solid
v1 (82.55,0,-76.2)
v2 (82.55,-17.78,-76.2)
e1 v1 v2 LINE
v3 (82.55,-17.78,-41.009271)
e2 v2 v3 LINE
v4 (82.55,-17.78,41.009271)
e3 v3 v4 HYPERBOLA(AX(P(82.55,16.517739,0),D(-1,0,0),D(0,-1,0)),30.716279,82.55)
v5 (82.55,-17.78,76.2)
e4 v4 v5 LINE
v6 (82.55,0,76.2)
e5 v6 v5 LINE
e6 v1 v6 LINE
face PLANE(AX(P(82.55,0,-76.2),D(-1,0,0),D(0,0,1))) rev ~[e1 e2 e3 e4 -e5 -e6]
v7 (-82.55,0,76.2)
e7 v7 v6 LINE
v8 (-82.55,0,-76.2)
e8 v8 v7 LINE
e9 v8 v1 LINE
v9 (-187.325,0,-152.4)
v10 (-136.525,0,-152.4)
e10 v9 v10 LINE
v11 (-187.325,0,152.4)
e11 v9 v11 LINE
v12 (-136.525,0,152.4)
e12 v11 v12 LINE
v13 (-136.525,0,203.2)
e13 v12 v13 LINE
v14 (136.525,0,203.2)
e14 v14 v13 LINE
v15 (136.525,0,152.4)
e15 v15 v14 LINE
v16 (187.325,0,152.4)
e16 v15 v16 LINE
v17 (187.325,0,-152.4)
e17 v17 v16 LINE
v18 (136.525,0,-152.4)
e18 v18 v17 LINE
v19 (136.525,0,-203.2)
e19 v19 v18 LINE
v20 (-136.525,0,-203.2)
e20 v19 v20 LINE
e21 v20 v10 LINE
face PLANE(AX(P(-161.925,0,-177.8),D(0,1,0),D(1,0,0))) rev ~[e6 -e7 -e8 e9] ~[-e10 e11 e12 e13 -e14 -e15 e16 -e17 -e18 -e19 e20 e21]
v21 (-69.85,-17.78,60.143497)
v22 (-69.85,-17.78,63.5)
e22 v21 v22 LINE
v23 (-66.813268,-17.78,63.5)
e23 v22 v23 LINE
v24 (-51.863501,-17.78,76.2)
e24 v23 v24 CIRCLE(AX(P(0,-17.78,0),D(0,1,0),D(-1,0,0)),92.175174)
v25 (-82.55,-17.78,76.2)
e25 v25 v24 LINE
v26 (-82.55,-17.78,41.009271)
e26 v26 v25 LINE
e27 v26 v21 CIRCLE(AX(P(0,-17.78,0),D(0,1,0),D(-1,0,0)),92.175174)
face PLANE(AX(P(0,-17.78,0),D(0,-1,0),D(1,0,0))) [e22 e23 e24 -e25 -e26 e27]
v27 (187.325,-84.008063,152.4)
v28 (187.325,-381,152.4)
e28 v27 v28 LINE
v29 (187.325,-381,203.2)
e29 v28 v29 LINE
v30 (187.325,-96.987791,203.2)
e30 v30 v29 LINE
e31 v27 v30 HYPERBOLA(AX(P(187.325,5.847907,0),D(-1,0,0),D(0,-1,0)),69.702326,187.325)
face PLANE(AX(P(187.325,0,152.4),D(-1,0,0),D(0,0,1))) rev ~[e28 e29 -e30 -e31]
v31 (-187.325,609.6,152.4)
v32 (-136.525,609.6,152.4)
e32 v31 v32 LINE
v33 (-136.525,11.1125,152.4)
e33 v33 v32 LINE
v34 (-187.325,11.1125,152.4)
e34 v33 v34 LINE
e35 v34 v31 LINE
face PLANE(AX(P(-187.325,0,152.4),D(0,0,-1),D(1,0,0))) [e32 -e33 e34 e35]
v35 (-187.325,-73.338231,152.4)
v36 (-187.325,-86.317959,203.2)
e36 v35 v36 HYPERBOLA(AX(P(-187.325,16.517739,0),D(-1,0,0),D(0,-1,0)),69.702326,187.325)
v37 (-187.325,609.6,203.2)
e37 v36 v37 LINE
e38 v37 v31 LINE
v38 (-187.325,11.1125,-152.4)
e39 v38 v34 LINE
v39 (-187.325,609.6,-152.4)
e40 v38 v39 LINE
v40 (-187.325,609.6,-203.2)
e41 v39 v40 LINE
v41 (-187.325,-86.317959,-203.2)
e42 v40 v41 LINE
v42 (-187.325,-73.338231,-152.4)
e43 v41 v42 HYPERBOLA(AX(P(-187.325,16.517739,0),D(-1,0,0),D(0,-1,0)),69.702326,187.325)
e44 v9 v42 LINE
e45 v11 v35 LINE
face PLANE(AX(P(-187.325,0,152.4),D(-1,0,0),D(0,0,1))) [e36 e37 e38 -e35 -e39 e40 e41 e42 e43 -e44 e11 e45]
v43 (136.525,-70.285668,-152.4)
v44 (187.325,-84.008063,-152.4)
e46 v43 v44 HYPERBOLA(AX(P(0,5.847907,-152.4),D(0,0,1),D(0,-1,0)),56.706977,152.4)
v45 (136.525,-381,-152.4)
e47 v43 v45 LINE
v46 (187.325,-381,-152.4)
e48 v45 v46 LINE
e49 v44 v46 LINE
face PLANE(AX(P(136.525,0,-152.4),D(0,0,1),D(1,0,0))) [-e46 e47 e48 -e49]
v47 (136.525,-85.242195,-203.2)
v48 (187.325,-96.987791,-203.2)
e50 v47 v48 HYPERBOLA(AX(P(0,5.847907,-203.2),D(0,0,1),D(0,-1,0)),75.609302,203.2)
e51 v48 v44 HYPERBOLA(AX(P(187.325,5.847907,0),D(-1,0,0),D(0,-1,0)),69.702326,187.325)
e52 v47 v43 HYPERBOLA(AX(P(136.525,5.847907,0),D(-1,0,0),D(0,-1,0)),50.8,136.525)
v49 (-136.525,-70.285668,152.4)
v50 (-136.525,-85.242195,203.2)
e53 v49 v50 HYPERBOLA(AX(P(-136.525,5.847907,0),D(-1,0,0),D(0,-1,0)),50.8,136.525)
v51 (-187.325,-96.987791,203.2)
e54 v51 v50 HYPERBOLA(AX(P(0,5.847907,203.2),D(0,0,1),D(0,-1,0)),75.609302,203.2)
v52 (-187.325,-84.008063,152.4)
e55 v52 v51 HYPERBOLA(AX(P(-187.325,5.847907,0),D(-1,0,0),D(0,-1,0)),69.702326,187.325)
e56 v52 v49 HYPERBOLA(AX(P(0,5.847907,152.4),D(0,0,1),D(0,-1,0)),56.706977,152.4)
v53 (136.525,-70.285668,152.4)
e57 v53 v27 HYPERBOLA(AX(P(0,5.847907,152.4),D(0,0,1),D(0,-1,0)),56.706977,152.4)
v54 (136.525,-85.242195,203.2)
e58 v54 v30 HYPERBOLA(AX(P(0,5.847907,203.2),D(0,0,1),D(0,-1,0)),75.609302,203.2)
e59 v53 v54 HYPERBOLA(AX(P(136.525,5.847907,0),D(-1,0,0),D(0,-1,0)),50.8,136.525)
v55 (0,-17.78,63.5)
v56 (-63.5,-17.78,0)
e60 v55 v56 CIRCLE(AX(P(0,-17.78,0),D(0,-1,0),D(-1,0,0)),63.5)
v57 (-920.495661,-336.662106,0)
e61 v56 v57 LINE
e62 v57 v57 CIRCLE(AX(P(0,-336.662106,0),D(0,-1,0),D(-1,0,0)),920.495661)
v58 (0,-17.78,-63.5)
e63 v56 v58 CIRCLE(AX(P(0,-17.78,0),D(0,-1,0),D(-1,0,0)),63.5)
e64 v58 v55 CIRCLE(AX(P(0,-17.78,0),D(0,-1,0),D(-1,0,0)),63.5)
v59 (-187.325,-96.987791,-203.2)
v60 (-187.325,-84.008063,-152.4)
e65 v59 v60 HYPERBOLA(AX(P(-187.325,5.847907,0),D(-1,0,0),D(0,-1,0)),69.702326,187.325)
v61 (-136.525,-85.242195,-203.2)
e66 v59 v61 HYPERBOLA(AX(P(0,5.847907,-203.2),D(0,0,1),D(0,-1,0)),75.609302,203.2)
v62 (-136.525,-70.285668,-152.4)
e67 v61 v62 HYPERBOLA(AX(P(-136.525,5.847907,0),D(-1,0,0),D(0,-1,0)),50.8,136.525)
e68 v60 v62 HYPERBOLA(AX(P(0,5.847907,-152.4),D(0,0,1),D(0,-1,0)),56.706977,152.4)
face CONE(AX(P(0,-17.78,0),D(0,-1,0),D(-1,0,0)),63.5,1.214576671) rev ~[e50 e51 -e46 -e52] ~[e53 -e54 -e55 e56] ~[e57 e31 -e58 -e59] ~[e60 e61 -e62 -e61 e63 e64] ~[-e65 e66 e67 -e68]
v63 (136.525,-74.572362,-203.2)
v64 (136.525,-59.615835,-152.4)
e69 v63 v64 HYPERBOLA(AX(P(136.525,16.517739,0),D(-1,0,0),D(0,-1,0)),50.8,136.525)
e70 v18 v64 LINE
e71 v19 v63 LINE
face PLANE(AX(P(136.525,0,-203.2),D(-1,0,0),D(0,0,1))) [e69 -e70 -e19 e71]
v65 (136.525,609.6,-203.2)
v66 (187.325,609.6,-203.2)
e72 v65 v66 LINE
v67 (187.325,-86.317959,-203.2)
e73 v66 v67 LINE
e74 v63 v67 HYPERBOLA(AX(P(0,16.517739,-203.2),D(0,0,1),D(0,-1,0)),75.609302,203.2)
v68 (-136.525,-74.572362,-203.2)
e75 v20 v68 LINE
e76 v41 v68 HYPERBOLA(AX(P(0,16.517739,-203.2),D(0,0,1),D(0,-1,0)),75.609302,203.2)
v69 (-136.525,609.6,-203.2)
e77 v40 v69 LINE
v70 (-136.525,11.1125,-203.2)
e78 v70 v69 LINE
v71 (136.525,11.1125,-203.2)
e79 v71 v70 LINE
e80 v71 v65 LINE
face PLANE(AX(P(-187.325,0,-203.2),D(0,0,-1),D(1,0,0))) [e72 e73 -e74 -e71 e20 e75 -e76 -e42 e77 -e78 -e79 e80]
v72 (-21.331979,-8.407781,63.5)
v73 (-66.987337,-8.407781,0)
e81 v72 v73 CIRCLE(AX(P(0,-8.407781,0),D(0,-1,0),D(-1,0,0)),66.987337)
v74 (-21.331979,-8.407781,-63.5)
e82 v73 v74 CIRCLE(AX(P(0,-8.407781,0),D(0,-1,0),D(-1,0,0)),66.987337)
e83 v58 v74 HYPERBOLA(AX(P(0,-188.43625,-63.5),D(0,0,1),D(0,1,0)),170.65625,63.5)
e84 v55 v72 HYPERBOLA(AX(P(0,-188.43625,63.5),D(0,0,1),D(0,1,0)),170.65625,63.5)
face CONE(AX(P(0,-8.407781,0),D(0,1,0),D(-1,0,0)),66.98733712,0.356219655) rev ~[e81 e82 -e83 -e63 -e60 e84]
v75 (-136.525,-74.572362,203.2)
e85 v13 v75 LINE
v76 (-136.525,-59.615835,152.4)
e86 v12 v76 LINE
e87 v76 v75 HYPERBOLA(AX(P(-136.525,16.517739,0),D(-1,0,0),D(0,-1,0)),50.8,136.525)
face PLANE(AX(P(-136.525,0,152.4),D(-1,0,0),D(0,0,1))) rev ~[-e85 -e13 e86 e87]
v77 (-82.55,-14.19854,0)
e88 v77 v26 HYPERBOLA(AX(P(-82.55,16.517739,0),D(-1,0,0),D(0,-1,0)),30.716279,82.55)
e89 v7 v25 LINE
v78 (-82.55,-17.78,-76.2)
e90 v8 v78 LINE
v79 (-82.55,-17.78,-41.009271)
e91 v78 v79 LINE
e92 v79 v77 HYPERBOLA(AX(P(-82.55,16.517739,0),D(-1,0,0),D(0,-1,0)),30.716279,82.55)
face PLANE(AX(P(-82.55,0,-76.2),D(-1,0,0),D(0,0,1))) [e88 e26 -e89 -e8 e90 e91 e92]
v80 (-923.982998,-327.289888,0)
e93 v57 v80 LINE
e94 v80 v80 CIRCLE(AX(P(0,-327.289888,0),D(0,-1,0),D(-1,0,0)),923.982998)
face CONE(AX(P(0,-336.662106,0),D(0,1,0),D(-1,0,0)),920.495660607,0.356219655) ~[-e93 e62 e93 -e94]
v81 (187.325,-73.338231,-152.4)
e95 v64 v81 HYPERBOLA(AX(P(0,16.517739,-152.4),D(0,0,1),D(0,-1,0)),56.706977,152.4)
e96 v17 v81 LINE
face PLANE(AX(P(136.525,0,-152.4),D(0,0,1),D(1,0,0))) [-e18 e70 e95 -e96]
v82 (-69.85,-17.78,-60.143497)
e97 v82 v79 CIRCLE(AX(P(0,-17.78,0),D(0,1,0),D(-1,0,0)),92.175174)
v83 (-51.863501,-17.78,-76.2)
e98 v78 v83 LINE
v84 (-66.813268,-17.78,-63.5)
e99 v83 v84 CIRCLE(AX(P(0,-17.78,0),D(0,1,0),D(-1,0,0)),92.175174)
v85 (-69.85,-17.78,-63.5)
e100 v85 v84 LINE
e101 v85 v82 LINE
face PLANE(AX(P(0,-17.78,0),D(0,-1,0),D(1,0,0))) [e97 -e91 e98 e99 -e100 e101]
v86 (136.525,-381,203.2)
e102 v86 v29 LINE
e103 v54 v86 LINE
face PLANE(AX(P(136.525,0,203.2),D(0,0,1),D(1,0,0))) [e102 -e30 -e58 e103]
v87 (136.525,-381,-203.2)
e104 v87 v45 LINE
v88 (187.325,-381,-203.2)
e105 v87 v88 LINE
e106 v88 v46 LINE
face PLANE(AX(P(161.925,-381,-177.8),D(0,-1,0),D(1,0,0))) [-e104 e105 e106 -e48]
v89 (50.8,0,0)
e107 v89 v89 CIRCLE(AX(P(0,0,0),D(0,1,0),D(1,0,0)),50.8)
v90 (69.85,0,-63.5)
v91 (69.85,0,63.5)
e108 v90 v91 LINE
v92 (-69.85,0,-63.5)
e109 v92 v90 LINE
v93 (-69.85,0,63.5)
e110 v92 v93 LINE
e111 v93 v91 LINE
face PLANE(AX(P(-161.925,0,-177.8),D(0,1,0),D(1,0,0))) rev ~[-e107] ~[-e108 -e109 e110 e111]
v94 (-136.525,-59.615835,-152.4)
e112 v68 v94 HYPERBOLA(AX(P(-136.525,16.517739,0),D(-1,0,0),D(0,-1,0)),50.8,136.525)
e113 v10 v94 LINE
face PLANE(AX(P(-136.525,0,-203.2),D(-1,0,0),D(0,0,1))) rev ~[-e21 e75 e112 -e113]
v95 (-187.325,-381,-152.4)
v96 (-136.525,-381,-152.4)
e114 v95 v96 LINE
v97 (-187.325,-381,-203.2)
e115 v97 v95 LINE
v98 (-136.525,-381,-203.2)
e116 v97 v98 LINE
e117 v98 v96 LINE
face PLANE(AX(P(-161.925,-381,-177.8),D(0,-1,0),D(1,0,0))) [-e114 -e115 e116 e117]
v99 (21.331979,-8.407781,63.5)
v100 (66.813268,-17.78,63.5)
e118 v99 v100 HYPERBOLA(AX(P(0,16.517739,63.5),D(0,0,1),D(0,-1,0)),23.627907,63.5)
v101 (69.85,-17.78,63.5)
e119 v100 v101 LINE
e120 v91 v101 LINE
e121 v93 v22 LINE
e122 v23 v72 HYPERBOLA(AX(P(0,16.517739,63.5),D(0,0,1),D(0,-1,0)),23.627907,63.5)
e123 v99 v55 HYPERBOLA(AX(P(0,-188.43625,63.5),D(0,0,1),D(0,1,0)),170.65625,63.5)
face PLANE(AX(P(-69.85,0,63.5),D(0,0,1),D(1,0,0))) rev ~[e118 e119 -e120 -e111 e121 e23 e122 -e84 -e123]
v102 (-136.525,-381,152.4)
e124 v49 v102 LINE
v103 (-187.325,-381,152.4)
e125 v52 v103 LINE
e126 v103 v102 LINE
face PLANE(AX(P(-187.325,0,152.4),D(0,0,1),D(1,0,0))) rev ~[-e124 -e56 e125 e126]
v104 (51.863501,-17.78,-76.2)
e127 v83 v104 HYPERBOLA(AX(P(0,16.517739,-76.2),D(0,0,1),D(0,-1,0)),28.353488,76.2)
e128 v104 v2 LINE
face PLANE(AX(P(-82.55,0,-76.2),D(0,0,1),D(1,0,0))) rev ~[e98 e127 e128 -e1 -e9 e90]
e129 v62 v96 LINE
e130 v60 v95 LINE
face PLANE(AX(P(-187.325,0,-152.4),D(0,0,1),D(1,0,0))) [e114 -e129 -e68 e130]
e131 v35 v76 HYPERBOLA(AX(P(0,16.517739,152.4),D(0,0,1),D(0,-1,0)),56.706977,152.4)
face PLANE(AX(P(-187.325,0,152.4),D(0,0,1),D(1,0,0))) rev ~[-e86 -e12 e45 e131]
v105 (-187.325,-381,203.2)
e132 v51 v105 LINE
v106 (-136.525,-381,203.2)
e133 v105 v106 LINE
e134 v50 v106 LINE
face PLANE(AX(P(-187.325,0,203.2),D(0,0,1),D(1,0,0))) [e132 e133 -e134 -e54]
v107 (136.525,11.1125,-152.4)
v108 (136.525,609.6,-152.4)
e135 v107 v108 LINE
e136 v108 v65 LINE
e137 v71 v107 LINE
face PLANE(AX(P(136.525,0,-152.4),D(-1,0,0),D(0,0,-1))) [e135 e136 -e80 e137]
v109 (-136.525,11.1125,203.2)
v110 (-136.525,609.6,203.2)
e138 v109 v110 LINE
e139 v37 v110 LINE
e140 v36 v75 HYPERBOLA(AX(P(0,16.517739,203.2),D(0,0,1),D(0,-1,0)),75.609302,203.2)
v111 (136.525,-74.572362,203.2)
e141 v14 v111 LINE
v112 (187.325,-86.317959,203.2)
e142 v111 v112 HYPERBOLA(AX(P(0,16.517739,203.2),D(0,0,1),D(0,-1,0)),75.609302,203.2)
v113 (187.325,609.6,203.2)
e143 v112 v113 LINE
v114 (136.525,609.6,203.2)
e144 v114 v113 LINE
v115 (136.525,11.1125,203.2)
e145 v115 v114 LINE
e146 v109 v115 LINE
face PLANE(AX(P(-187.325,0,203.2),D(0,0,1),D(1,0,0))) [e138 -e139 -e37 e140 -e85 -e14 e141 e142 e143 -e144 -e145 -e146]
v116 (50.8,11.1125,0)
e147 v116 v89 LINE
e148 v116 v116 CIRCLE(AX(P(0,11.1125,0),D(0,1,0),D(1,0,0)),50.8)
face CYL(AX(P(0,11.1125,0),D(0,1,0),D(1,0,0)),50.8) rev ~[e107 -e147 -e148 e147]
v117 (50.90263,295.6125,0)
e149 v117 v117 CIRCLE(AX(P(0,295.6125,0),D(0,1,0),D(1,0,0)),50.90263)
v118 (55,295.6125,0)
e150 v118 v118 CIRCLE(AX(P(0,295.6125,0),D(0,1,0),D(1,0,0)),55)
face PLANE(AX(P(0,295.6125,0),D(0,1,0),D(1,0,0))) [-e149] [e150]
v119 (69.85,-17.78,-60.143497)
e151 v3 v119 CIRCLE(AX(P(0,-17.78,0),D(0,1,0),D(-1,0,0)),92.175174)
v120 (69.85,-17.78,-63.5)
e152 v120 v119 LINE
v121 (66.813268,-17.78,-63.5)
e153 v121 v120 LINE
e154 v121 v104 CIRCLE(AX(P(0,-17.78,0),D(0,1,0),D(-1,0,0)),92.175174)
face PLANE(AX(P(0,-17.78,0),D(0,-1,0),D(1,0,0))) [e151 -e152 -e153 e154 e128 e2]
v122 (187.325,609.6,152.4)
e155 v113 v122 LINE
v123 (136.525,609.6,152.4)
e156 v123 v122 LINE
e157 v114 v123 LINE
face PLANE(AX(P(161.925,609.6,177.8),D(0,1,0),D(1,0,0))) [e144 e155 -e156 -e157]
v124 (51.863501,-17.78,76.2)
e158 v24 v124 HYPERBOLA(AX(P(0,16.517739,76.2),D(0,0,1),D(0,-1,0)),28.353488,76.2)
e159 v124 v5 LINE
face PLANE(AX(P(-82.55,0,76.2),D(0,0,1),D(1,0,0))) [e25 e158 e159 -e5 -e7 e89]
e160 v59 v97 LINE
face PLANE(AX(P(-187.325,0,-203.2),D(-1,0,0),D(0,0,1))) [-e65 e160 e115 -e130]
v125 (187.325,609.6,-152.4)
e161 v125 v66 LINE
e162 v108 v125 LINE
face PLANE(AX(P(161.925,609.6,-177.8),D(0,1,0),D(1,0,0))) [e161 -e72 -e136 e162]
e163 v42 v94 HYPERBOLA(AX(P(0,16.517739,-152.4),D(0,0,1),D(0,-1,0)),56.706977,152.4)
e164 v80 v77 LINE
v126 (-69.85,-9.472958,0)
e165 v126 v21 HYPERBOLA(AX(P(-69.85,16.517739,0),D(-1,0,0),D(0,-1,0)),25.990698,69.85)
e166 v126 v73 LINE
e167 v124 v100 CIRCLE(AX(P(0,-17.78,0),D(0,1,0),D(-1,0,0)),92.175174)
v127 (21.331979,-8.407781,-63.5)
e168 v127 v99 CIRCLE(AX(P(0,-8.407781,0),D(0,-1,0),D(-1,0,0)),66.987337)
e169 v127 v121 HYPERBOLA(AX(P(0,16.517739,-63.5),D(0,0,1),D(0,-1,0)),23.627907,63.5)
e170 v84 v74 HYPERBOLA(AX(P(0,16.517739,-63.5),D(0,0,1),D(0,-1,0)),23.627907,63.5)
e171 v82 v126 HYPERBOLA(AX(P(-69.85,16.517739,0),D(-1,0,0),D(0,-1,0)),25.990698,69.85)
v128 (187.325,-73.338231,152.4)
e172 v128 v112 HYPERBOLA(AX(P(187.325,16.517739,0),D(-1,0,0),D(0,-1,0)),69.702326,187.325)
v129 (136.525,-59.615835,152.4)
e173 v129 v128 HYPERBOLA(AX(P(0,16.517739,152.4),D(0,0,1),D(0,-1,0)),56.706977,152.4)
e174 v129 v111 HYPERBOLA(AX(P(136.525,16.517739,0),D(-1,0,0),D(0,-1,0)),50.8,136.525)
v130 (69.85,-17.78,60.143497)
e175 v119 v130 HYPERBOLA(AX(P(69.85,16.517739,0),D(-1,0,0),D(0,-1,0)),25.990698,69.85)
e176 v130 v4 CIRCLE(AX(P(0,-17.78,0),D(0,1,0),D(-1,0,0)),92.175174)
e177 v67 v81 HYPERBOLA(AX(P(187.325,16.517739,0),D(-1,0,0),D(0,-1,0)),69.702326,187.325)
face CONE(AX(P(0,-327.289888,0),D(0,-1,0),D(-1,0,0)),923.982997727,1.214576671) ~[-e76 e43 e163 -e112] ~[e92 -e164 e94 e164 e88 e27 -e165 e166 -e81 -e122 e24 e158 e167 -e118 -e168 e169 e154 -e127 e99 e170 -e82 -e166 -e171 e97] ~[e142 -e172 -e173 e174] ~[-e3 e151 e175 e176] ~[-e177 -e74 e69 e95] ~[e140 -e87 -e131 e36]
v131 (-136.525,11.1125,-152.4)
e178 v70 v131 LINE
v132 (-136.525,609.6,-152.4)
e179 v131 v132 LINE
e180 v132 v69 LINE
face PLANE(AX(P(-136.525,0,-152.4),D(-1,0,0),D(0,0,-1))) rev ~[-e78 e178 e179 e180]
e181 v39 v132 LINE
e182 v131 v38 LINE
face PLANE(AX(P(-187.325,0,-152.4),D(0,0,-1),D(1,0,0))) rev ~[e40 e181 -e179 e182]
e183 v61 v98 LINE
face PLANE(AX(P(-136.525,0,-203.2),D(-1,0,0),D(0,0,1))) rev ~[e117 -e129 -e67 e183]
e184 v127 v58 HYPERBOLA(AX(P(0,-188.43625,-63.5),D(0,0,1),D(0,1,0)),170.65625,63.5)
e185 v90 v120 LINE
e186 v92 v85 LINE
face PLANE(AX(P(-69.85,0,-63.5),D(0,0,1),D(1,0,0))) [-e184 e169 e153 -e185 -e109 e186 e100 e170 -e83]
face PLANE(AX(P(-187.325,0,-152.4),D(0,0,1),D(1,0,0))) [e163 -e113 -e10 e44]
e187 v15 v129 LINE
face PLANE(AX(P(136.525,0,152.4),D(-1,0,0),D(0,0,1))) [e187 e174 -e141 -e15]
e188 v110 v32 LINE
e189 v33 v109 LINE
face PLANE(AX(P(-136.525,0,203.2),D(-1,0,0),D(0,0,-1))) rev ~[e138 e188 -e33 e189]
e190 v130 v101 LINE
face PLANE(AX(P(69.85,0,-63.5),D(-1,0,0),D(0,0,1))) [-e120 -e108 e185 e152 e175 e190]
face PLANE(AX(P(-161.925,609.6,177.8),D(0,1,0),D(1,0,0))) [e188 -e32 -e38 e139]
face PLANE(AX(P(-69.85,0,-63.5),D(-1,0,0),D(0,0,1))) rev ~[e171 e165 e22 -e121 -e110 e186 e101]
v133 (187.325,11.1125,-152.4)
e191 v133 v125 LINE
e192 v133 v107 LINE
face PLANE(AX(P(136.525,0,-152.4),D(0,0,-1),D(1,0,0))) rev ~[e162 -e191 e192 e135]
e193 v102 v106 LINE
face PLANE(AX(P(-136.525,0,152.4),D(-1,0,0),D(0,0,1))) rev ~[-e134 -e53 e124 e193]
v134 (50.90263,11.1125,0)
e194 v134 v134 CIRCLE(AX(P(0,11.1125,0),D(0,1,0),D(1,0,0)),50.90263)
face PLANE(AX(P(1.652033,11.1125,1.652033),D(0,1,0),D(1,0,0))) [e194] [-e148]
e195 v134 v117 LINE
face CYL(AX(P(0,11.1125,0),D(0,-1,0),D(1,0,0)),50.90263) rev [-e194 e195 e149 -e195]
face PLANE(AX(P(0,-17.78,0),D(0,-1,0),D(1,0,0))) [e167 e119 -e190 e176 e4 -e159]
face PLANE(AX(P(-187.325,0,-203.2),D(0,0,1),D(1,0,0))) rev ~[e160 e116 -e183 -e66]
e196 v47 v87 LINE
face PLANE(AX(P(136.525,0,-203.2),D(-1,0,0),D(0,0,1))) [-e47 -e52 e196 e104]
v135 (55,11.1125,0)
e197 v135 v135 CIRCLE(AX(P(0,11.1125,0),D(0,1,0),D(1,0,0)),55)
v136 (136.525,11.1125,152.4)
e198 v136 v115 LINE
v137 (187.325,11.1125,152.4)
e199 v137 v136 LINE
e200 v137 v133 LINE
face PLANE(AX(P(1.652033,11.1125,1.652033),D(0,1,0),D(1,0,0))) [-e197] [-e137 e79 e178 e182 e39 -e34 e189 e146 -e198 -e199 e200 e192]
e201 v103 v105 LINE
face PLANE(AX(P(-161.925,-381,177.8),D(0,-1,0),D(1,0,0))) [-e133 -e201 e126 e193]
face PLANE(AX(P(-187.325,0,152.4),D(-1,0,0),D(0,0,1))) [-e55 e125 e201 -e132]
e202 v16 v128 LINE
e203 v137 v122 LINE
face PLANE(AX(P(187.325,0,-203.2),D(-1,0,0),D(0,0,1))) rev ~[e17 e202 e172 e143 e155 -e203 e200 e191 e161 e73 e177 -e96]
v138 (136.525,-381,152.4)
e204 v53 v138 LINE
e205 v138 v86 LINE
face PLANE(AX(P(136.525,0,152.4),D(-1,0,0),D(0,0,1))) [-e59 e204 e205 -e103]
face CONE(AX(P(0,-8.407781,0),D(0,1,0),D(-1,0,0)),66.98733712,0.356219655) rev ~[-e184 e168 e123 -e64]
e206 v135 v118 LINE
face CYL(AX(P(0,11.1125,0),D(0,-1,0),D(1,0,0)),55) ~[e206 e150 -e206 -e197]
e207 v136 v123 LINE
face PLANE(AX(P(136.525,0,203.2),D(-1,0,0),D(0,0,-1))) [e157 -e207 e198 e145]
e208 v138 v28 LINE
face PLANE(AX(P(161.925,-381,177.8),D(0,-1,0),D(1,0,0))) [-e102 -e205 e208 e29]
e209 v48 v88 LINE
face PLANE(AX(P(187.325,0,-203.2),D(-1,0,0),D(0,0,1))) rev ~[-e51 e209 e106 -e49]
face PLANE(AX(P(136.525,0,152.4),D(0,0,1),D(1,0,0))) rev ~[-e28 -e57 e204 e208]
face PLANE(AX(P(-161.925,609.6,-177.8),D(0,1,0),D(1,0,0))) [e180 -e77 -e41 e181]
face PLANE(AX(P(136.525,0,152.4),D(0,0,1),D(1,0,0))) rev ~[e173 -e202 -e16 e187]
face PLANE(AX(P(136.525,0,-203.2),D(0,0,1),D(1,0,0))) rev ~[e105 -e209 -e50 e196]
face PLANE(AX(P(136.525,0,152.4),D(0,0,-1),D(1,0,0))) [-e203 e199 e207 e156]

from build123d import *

# Parameters (mm, degrees)
BOSS_EXTRUDE2_DEPTH  = 11.1125
SKETCH1_11_W         = 50.8
SKETCH1_11_H         = 50.8
BOSS_EXTRUDE3_DEPTH  = 609.6
SKETCH1_12_W         = 50.8
SKETCH1_12_H         = 50.8
BOSS_EXTRUDE4_DEPTH  = 609.6
SKETCH1_13_W         = 50.8
SKETCH1_13_H         = 50.8
BOSS_EXTRUDE5_DEPTH  = 609.6
SKETCH1_14_W         = 50.8
SKETCH1_14_H         = 50.8
BOSS_EXTRUDE6_DEPTH  = 609.6
SKETCH4_R            = 50.8
CUT_EXTRUDE2_DEPTH   = 12.1125
SKETCH5_W            = 165.1
SKETCH5_H            = 152.4
SKETCH5_W_2          = 139.7
SKETCH5_H_2          = 127
BOSS_EXTRUDE8_DEPTH  = 17.78
SKETCH13_W           = 50.8
SKETCH13_H           = 50.8
BOSS_EXTRUDE9_DEPTH  = 381
SKETCH14_R           = 55
SKETCH14_R_2         = 50.90263009
BOSS_EXTRUDE10_DEPTH = 284.5


with BuildPart() as part:
    # Sketch1 → Boss-Extrude2 (new body)
    with BuildSketch(Plane(origin=(0, 0, 0), x_dir=(1, 0, 0), z_dir=(0, 1, 0))):
        Polygon((-136.525, 152.4), (-187.325, 152.4), (-187.325, -203.2), (187.325, -203.2), (187.325, 203.2), (-136.525, 203.2), align=None)
    extrude(amount=BOSS_EXTRUDE2_DEPTH)

    # Sketch1<11> → Boss-Extrude3 (add)
    with BuildSketch(Plane(origin=(0, 0, 0), x_dir=(1, 0, 0), z_dir=(0, 1, 0))):
        with Locations((-161.925, 177.8)):
            Rectangle(SKETCH1_11_W, SKETCH1_11_H)
    extrude(amount=BOSS_EXTRUDE3_DEPTH)

    # Sketch1<12> → Boss-Extrude4 (add)
    with BuildSketch(Plane(origin=(0, 0, 0), x_dir=(1, 0, 0), z_dir=(0, 1, 0))):
        with Locations((-161.925, -177.8)):
            Rectangle(SKETCH1_12_W, SKETCH1_12_H)
    extrude(amount=BOSS_EXTRUDE4_DEPTH)

    # Sketch1<13> → Boss-Extrude5 (add)
    with BuildSketch(Plane(origin=(0, 0, 0), x_dir=(1, 0, 0), z_dir=(0, 1, 0))):
        with Locations((161.925, 177.8)):
            Rectangle(SKETCH1_13_W, SKETCH1_13_H)
    extrude(amount=BOSS_EXTRUDE5_DEPTH)

    # Sketch1<14> → Boss-Extrude6 (add)
    with BuildSketch(Plane(origin=(0, 0, 0), x_dir=(1, 0, 0), z_dir=(0, 1, 0))):
        with Locations((161.925, -177.8)):
            Rectangle(SKETCH1_14_W, SKETCH1_14_H)
    extrude(amount=BOSS_EXTRUDE6_DEPTH)

    # Sketch4 → Cut-Extrude2 (cut, through all)
    with BuildSketch(Plane(origin=(0, 11.1125, 0), x_dir=(1, 0, 0), z_dir=(0, 1, 0))):
        Circle(SKETCH4_R)
    extrude(amount=-CUT_EXTRUDE2_DEPTH, mode=Mode.SUBTRACT)

    # Sketch5 → Boss-Extrude8 (add)
    with BuildSketch(Plane.XZ):
        Rectangle(SKETCH5_W, SKETCH5_H)
        Rectangle(SKETCH5_W_2, SKETCH5_H_2, mode=Mode.SUBTRACT)
    extrude(amount=BOSS_EXTRUDE8_DEPTH)

    # Sketch12 → Revolve-Thin1 (revolve)
    with BuildSketch(Plane.XY):
        Polygon((-63.5, -17.78), (-920.495660607, -336.662106272), (-923.982997727, -327.289887762), (-66.98733712, -8.407781489), align=None)
    revolve(axis=Axis((0, -17.78, 0), (0, -1, 0)))

    # Sketch13 → Boss-Extrude9 (add)
    with BuildSketch(Plane.XZ):
        with Locations((-161.925, 177.8)):
            Rectangle(SKETCH13_W, SKETCH13_H)
        with Locations((161.925, 177.8)):
            Rectangle(SKETCH13_W, SKETCH13_H)
        with Locations((161.925, -177.8)):
            Rectangle(SKETCH13_W, SKETCH13_H)
        with Locations((-161.925, -177.8)):
            Rectangle(SKETCH13_W, SKETCH13_H)
    extrude(amount=BOSS_EXTRUDE9_DEPTH)

    # Sketch14 → Boss-Extrude10 (add)
    with BuildSketch(Plane(origin=(0, 11.1125, 0), x_dir=(1, 0, 0), z_dir=(0, 1, 0))):
        Circle(SKETCH14_R)
        Circle(SKETCH14_R_2, mode=Mode.SUBTRACT)
    extrude(amount=BOSS_EXTRUDE10_DEPTH)


solid = part.part
